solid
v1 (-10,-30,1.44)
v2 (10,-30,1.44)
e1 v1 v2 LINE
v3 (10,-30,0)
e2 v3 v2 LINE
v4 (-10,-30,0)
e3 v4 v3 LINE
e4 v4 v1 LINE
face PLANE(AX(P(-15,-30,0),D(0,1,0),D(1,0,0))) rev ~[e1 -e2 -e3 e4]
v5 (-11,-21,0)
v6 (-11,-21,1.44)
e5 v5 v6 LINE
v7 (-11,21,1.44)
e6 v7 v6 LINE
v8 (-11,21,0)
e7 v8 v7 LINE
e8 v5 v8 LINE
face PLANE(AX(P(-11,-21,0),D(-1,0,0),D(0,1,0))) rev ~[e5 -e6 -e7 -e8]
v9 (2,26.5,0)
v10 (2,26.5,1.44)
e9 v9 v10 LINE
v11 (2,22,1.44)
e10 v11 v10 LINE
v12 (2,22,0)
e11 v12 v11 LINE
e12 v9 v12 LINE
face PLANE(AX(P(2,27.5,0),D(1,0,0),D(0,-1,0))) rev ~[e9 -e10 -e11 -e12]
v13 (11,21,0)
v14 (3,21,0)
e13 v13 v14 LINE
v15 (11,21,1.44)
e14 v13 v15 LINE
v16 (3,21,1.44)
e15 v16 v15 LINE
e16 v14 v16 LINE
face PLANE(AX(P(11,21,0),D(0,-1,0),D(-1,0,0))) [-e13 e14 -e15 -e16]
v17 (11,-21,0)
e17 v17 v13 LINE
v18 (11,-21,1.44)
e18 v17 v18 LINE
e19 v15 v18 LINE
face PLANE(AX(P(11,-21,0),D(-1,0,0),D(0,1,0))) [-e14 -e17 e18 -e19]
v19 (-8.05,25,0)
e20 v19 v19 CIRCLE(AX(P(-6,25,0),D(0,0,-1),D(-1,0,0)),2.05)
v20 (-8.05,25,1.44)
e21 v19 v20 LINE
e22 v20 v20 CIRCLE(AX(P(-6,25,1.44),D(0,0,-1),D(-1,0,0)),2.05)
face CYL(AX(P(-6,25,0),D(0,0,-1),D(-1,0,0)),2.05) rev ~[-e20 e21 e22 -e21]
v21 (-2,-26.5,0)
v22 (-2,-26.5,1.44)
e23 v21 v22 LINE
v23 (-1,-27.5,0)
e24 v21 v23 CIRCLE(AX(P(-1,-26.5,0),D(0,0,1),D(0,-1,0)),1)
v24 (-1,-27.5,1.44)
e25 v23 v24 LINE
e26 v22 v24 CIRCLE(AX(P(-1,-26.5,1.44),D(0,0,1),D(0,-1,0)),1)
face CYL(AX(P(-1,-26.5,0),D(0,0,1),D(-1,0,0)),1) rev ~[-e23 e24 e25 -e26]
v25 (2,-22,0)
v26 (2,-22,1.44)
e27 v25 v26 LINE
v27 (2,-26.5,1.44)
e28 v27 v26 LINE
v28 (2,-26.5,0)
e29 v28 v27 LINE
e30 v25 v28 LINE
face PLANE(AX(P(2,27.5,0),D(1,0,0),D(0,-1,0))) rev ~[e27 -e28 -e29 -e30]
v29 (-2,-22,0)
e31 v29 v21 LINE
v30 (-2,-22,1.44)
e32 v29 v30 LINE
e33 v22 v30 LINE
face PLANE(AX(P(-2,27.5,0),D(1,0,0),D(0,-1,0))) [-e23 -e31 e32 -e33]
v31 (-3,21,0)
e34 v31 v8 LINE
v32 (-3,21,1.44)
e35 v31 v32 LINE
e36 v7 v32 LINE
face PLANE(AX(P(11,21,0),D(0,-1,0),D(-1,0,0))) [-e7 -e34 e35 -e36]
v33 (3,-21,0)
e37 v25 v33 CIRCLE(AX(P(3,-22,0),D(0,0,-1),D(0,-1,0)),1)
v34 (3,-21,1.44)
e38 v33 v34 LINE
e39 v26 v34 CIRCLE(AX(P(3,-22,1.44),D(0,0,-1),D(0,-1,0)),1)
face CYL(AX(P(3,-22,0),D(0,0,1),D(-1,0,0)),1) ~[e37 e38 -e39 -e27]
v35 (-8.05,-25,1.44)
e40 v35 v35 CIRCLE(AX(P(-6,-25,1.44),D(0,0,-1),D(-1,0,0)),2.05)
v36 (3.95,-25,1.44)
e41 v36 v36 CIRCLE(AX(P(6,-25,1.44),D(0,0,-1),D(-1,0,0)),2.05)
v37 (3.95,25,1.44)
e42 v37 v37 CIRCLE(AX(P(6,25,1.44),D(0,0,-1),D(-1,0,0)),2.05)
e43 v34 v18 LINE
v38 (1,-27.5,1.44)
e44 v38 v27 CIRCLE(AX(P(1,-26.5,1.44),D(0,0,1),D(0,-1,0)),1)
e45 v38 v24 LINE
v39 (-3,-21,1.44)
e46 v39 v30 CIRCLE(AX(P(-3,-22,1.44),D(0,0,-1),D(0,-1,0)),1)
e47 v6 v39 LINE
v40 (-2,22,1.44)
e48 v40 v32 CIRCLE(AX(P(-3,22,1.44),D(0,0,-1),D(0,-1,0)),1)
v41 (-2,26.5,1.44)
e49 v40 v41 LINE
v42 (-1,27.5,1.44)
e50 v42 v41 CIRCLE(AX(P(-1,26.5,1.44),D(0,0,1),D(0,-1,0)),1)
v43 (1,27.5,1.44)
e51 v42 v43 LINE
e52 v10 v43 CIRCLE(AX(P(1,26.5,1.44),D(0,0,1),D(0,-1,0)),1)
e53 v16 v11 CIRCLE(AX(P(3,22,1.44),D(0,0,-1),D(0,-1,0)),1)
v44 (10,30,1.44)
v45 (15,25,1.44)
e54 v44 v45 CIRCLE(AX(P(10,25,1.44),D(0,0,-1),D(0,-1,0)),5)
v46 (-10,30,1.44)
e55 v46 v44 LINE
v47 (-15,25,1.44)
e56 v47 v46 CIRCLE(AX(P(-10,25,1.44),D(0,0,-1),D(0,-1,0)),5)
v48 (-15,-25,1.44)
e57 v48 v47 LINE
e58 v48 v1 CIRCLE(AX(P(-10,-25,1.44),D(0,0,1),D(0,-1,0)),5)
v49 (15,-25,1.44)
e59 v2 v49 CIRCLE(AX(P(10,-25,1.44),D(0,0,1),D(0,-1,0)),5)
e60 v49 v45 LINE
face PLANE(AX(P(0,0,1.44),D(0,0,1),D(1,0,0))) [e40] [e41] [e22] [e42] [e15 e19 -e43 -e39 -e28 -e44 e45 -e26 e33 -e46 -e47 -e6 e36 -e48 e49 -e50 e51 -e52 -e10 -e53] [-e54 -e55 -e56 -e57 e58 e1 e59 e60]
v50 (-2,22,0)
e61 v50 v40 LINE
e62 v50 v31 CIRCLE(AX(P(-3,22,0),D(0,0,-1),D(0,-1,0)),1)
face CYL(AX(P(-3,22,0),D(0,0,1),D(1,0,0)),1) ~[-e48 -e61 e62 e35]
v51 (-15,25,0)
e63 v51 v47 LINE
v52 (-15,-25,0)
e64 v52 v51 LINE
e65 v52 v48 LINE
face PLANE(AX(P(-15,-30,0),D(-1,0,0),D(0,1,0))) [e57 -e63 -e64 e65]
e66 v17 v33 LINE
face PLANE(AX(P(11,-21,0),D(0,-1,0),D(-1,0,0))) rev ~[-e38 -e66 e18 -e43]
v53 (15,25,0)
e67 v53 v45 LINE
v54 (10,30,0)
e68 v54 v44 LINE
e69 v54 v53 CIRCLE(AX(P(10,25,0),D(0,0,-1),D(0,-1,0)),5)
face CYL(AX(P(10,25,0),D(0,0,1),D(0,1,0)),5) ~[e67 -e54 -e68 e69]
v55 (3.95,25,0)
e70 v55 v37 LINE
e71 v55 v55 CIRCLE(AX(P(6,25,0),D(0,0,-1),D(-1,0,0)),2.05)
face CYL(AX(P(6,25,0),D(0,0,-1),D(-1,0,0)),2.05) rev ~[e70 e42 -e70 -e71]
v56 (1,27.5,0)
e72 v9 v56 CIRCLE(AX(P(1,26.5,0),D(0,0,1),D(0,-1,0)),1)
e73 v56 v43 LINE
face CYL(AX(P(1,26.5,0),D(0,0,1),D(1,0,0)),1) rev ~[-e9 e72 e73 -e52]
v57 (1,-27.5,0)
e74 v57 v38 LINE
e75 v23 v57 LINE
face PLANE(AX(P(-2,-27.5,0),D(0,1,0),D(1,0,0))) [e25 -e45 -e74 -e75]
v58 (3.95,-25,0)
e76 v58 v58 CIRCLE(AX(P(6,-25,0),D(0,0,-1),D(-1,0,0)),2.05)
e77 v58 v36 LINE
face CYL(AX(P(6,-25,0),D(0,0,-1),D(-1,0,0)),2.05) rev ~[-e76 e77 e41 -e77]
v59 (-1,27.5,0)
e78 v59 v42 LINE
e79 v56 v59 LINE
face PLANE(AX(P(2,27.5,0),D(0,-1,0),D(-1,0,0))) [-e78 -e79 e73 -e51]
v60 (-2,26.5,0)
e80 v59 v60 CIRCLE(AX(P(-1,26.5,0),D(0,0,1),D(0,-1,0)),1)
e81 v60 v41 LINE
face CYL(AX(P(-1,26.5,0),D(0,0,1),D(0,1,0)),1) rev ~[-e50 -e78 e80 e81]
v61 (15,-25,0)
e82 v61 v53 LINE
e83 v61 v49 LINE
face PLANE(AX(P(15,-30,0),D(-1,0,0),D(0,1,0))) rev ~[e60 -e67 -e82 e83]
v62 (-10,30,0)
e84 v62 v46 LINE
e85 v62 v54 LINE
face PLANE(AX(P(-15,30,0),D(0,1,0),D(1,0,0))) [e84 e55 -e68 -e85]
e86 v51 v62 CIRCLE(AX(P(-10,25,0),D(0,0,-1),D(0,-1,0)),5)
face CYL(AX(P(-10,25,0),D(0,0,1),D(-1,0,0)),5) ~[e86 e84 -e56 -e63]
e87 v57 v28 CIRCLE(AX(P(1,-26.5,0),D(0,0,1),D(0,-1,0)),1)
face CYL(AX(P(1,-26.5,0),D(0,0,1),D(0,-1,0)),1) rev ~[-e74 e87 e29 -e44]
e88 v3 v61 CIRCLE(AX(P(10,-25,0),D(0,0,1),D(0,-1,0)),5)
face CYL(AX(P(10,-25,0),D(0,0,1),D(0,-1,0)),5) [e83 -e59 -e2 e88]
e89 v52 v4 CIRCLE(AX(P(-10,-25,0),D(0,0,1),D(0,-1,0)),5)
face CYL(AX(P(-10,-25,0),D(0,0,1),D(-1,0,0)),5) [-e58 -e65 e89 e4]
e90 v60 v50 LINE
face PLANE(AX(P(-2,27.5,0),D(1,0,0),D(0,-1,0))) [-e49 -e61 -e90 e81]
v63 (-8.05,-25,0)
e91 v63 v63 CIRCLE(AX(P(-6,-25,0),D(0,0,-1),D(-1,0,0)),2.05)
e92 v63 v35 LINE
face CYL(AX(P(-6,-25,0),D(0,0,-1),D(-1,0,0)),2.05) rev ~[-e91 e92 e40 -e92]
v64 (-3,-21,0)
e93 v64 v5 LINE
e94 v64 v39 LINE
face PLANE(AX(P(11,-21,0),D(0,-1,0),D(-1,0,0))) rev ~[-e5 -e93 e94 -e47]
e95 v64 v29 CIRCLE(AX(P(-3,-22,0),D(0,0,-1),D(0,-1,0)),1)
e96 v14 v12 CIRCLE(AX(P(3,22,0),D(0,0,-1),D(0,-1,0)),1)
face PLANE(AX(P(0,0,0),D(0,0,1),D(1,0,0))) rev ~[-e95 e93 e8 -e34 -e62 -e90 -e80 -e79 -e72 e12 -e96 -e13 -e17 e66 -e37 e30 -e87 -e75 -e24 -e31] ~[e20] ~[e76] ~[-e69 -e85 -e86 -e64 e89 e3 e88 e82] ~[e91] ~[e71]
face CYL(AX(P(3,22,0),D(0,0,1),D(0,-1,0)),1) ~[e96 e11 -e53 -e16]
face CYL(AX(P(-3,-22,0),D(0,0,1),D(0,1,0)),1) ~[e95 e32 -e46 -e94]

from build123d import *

# Parameters (mm, degrees)
CROQUIS1_W              = 30
CROQUIS1_H              = 60
SALIENTE_EXTRUIR1_DEPTH = 1.44
CROQUIS2_W              = 22
CROQUIS2_H              = 42
CORTAR_EXTRUIR1_DEPTH   = 34.571916835
CROQUIS3_R              = 2.05
CORTAR_EXTRUIR2_DEPTH   = 34.571916835
REDONDEO1_R             = 5
REDONDEO3_R             = 1


with BuildPart() as part:
    # Croquis1 → Saliente-Extruir1 (new body)
    with BuildSketch(Plane.XY):
        Rectangle(CROQUIS1_W, CROQUIS1_H)
    extrude(amount=SALIENTE_EXTRUIR1_DEPTH)

    # Croquis2 → Cortar-Extruir1 (cut, through all)
    with BuildSketch(Plane(origin=(0, 0, 0), x_dir=(-1, 0, 0), z_dir=(0, 0, -1))):
        Rectangle(CROQUIS2_W, CROQUIS2_H)
    extrude(amount=-CORTAR_EXTRUIR1_DEPTH, mode=Mode.SUBTRACT)

    # Croquis3 → Cortar-Extruir2 (cut, through all)
    with BuildSketch(Plane(origin=(0, 0, 0), x_dir=(-1, 0, 0), z_dir=(0, 0, -1))):
        with Locations((-6, 25)):
            Circle(CROQUIS3_R)
        with Locations((6, 25)):
            Circle(CROQUIS3_R)
        with Locations((-6, -25)):
            Circle(CROQUIS3_R)
        with Locations((6, -25)):
            Circle(CROQUIS3_R)
        Polygon((-2, 21), (-2, 27.5), (2, 27.5), (2, -27.5), (-2, -27.5), align=None)
    extrude(amount=-CORTAR_EXTRUIR2_DEPTH, mode=Mode.SUBTRACT)

    # Redondeo1
    redondeo1_edges = [part.edges().sort_by_distance(p)[0] for p in [
        (-15, 30, 0.72),
        (15, 30, 0.72),
        (15, -30, 0.72),
        (-15, -30, 0.72),
    ]]
    fillet(redondeo1_edges, radius=REDONDEO1_R)

    # Redondeo3
    redondeo3_edges = [part.edges().sort_by_distance(p)[0] for p in [
        (2, -21, 0.72),
        (-2, -21, 0.72),
        (-2, 21, 0.72),
        (-2, 27.5, 0.72),
        (2, 21, 0.72),
        (2, -27.5, 0.72),
        (-2, -27.5, 0.72),
        (2, 27.5, 0.72),
    ]]
    fillet(redondeo3_edges, radius=REDONDEO3_R)


solid = part.part
